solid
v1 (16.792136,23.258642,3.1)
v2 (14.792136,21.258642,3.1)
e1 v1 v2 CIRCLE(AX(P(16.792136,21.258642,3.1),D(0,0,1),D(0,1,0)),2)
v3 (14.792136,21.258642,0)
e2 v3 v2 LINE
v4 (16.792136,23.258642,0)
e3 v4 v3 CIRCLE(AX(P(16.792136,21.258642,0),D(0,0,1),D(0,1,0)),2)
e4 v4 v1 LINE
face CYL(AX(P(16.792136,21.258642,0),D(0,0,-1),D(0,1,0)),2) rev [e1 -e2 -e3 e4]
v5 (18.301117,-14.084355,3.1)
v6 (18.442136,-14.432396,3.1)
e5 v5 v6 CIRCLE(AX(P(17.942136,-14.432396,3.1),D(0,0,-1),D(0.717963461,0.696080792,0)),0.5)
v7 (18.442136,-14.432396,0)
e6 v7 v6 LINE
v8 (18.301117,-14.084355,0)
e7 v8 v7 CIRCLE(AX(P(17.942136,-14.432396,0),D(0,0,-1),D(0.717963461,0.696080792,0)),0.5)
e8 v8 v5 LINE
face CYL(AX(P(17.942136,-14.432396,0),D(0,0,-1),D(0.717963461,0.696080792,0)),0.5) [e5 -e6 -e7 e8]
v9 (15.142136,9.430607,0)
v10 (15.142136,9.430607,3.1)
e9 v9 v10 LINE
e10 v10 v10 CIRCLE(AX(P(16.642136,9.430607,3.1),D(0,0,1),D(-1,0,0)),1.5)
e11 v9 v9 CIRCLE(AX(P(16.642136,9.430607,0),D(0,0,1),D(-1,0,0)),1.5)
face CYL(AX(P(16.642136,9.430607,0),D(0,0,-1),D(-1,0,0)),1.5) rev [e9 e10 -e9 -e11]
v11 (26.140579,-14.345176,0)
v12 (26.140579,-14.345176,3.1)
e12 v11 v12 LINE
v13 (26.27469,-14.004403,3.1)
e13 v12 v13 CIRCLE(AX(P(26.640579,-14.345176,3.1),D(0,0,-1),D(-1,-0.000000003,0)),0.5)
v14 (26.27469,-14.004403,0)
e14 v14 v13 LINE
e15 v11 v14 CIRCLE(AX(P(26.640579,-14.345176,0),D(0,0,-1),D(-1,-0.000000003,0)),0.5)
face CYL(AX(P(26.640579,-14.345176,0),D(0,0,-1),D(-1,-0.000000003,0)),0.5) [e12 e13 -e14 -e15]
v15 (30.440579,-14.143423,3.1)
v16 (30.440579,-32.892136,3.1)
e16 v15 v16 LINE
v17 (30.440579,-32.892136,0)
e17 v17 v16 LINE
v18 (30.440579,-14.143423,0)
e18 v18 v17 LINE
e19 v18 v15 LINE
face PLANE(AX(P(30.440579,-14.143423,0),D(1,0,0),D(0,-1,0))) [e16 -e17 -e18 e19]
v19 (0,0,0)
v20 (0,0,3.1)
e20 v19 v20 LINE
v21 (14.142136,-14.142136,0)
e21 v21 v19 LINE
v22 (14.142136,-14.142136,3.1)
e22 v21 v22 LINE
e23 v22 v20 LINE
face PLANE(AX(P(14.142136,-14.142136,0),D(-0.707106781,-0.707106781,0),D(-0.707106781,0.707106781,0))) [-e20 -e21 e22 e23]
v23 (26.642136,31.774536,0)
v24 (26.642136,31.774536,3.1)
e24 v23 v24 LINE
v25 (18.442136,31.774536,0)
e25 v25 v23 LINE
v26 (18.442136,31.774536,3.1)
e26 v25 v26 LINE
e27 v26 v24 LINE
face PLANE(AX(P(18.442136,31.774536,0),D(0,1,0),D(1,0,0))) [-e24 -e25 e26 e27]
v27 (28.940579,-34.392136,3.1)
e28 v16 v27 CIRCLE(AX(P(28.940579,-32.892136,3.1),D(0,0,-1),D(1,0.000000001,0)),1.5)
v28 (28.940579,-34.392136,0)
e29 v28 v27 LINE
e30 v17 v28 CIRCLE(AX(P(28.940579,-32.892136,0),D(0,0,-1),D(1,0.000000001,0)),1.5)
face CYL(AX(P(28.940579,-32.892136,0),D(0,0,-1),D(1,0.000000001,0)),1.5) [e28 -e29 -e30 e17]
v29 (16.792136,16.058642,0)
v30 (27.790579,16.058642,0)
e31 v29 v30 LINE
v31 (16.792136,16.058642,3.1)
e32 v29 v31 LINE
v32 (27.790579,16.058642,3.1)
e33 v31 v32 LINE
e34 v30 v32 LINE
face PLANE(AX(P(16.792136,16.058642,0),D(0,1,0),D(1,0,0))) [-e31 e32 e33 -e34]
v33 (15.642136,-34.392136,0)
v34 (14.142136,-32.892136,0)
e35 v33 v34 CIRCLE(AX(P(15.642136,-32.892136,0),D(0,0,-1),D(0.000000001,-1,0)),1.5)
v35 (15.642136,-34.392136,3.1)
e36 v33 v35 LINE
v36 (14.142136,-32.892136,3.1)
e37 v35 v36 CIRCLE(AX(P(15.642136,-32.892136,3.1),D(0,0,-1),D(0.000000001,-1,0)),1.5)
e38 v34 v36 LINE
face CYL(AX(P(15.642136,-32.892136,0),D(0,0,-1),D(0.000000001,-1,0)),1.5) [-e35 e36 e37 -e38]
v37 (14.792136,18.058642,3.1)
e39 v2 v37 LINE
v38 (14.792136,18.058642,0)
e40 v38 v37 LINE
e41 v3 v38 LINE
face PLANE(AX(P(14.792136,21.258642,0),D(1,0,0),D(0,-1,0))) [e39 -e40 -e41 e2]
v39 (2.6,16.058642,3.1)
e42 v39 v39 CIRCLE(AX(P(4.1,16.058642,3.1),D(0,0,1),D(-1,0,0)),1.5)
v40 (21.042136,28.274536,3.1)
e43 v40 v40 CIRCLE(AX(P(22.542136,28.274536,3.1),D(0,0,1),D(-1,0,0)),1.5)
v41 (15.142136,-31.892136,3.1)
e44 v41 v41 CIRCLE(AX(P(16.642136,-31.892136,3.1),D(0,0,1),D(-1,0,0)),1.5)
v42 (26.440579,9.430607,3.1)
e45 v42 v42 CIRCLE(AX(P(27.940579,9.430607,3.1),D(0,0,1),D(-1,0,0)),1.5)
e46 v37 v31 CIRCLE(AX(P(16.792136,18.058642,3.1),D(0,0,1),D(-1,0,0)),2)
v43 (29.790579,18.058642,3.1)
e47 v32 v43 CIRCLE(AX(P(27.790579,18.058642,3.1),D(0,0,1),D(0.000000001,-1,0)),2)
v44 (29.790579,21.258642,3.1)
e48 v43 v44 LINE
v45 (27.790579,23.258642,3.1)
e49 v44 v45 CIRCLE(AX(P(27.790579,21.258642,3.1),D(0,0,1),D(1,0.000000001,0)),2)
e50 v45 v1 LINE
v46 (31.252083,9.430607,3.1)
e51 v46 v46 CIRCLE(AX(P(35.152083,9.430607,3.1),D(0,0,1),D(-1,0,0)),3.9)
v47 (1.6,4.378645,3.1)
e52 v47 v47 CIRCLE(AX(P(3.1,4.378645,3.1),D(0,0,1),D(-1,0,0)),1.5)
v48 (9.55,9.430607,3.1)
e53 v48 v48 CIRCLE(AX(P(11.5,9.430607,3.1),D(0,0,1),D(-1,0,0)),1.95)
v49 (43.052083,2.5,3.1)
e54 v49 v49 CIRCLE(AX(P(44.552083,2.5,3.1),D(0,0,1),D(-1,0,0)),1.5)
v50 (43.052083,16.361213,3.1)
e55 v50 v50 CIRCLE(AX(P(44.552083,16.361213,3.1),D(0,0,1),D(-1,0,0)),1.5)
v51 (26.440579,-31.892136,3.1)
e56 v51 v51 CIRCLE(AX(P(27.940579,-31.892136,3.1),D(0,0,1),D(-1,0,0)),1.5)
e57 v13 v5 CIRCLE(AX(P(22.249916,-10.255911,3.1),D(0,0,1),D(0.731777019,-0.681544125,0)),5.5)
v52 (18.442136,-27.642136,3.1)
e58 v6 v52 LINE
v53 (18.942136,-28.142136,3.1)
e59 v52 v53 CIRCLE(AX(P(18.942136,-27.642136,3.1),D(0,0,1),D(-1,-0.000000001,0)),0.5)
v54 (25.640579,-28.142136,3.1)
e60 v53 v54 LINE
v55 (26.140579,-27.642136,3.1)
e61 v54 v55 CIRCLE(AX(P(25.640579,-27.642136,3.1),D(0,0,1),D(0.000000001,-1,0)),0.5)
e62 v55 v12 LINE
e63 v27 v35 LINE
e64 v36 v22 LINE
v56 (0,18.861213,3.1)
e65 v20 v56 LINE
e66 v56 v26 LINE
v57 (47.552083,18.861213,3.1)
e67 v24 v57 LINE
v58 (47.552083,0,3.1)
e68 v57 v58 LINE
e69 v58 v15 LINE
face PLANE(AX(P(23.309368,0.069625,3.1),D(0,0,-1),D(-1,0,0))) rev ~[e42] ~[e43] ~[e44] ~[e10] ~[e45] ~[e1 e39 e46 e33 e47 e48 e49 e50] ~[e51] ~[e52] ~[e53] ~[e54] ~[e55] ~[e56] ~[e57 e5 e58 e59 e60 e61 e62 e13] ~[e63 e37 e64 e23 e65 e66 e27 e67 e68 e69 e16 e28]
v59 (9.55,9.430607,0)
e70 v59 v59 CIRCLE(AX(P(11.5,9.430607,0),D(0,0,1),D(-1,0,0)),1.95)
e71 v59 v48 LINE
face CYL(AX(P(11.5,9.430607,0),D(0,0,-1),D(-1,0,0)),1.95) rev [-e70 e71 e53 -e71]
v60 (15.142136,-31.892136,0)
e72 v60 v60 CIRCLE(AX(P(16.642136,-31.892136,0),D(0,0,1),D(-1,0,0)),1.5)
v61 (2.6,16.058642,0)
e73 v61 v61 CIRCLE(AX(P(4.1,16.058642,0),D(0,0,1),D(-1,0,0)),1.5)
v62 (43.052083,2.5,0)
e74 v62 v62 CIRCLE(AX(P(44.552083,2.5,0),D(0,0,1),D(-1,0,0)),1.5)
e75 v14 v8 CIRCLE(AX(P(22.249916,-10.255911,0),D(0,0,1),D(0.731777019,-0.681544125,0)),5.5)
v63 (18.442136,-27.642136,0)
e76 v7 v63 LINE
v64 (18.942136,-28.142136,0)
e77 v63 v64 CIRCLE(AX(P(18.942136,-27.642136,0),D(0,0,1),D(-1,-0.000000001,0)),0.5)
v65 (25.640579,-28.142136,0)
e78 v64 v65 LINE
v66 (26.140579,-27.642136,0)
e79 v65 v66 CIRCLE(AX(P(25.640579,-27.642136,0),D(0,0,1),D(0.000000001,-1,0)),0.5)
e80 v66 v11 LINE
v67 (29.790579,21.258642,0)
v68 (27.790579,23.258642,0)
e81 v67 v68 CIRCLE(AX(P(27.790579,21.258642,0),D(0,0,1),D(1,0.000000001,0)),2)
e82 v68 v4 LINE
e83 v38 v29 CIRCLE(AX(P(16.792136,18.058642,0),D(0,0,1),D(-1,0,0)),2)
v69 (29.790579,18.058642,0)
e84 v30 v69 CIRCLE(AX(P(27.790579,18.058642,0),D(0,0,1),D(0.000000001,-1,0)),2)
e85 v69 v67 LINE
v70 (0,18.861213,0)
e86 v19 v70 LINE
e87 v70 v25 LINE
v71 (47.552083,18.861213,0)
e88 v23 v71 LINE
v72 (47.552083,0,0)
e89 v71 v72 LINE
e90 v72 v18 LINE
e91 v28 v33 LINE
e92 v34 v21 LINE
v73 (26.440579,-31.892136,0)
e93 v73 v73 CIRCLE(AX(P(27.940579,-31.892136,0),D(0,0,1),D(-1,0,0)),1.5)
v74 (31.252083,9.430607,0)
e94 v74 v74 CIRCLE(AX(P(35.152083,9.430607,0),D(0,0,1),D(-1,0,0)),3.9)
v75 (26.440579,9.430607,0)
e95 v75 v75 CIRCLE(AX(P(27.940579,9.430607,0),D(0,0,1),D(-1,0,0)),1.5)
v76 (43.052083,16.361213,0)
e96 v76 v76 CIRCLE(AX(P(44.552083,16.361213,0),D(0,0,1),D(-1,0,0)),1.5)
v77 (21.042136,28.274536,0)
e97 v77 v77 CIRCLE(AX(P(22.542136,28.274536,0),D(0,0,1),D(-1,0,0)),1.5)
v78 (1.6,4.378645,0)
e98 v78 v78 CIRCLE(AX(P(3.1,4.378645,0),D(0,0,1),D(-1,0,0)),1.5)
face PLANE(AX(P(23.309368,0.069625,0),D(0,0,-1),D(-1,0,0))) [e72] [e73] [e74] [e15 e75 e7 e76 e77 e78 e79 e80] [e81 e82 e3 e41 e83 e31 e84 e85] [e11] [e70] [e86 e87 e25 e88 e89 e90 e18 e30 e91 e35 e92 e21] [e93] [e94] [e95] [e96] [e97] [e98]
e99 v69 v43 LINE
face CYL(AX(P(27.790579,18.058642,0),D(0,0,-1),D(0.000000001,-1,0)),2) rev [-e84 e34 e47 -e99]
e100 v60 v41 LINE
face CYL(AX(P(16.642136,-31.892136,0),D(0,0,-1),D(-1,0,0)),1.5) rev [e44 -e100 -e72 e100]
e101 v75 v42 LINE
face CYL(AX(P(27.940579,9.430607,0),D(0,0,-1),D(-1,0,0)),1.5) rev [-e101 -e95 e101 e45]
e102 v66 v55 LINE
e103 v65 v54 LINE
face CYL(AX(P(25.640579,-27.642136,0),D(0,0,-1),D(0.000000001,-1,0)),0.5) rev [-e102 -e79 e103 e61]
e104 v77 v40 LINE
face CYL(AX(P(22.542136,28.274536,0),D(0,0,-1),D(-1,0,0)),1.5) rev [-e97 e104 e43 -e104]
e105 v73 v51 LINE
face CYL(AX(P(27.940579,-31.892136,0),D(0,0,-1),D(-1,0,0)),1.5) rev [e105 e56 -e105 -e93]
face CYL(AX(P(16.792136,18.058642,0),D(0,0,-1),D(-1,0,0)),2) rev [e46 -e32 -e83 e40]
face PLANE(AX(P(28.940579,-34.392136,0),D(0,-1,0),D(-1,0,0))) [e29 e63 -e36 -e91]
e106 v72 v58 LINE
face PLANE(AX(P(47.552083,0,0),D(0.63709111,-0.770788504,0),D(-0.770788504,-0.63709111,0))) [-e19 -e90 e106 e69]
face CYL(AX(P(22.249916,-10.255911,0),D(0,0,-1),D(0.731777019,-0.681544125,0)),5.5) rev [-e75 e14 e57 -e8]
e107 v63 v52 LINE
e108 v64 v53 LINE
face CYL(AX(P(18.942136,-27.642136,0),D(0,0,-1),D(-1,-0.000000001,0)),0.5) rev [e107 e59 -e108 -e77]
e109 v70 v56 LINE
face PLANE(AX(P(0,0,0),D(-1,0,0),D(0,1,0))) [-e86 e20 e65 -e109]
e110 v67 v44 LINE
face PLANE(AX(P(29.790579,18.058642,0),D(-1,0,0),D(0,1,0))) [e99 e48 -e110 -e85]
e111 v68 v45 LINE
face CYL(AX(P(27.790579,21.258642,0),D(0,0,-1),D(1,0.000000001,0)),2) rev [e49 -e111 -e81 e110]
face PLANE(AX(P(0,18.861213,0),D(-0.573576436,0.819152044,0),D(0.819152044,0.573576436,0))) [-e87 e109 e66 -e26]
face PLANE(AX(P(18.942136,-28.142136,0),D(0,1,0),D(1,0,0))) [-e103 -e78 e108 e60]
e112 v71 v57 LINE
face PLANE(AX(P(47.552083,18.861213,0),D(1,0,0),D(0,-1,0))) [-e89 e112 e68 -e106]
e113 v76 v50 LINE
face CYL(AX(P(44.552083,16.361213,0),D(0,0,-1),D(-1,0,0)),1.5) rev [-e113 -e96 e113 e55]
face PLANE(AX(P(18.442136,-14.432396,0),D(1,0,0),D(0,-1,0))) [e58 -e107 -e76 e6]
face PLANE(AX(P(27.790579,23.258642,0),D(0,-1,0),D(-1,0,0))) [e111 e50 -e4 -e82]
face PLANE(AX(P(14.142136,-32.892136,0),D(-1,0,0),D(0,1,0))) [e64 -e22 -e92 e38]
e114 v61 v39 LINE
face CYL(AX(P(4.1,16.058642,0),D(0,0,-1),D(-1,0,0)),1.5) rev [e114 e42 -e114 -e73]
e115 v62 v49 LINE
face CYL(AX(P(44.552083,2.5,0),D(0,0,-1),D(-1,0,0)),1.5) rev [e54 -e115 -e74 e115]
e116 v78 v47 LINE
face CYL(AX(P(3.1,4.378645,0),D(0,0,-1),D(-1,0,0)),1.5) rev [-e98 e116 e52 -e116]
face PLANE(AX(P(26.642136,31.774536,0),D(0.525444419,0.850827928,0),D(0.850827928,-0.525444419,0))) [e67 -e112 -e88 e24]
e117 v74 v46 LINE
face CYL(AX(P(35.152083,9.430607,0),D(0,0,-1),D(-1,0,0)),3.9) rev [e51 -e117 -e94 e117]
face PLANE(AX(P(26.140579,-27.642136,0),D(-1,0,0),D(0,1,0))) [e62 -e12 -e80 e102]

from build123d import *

# Parameters (mm, degrees)
SKETCH1_R           = 1.5
SKETCH1_R_2         = 1.95
SKETCH1_R_3         = 3.9
BOSS_EXTRUDE1_DEPTH = 3.1


with BuildPart() as part:
    # Sketch1 → Boss-Extrude1 (new body)
    with BuildSketch(Plane.XY):
        with BuildLine():
            Line((0, 0), (0, 18.861213353))
            Line((0, 18.861213353), (18.442135624, 31.774535738))
            Line((18.442135624, 31.774535738), (26.642135624, 31.774535738))
            Line((26.642135624, 31.774535738), (47.552083318, 18.861213353))
            Line((47.552083318, 18.861213353), (47.552083318, 0))
            Line((47.552083318, 0), (30.440578527, -14.143422634))
            Line((30.440578527, -14.143422634), (30.440578527, -32.892135624))
            ThreePointArc((30.440578527, -32.892135624), (30.001238699, -33.952795796), (28.940578527, -34.392135624))
            Line((28.940578527, -34.392135624), (15.642135624, -34.392135624))
            ThreePointArc((15.642135624, -34.392135624), (14.581475452, -33.952795796), (14.142135624, -32.892135624))
            Line((14.142135624, -32.892135624), (14.142135624, -14.142135624))
            Line((14.142135624, -14.142135624), (0, 0))
        make_face()
        with Locations(Location((4.1, 16.058642392, 0), (0, 0, 180))):
            Circle(SKETCH1_R, mode=Mode.SUBTRACT)
        with Locations(Location((3.1, 4.378644873, 0), (0, 0, 180))):
            Circle(SKETCH1_R, mode=Mode.SUBTRACT)
        with Locations(Location((11.5, 9.430606677, 0), (0, 0, 180))):
            Circle(SKETCH1_R_2, mode=Mode.SUBTRACT)
        with Locations(Location((35.152083318, 9.430606677, 0), (0, 0, 180))):
            Circle(SKETCH1_R_3, mode=Mode.SUBTRACT)
        with Locations(Location((16.642135624, -31.892135624, 0), (0, 0, 180))):
            Circle(SKETCH1_R, mode=Mode.SUBTRACT)
        with Locations(Location((27.940578527, -31.892135624, 0), (0, 0, 180))):
            Circle(SKETCH1_R, mode=Mode.SUBTRACT)
        with Locations(Location((16.642135624, 9.430606677, 0), (0, 0, 180))):
            Circle(SKETCH1_R, mode=Mode.SUBTRACT)
        with Locations(Location((27.940578527, 9.430606677, 0), (0, 0, 180))):
            Circle(SKETCH1_R, mode=Mode.SUBTRACT)
        with Locations(Location((22.542135624, 28.274535738, 0), (0, 0, 180))):
            Circle(SKETCH1_R, mode=Mode.SUBTRACT)
        with Locations(Location((44.552083318, 2.5, 0), (0, 0, 180))):
            Circle(SKETCH1_R, mode=Mode.SUBTRACT)
        with Locations(Location((44.552083318, 16.361213353, 0), (0, 0, 180))):
            Circle(SKETCH1_R, mode=Mode.SUBTRACT)
        with BuildLine():
            Line((18.442135624, -14.432395526), (18.442135624, -27.642135624))
            ThreePointArc((18.442135624, -27.642135624), (18.588582233, -27.995689014), (18.942135624, -28.142135624))
            Line((18.942135624, -28.142135624), (25.640578527, -28.142135624))
            ThreePointArc((25.640578527, -28.142135624), (25.994131918, -27.995689014), (26.140578527, -27.642135624))
            Line((26.140578527, -27.642135624), (26.140578527, -14.345175543))
            ThreePointArc((26.140578527, -14.345175543), (26.175312874, -14.162069365), (26.274690017, -14.004403481))
            ThreePointArc((26.274690017, -14.004403481), (22.194770242, -4.756187266), (18.301117356, -14.084355132))
            ThreePointArc((18.301117356, -14.084355132), (18.405541961, -14.24463353), (18.442135624, -14.432395526))
        make_face(mode=Mode.SUBTRACT)
        with BuildLine():
            Line((16.792135624, 16.058642392), (27.790578527, 16.058642392))
            ThreePointArc((27.790578527, 16.058642392), (29.204792089, 16.64442883), (29.790578527, 18.058642392))
            Line((29.790578527, 18.058642392), (29.790578527, 21.258642392))
            ThreePointArc((29.790578527, 21.258642392), (29.204792089, 22.672855954), (27.790578527, 23.258642392))
            Line((27.790578527, 23.258642392), (16.792135624, 23.258642392))
            ThreePointArc((16.792135624, 23.258642392), (15.377922061, 22.672855954), (14.792135624, 21.258642392))
            Line((14.792135624, 21.258642392), (14.792135624, 18.058642392))
            ThreePointArc((14.792135624, 18.058642392), (15.377922061, 16.64442883), (16.792135624, 16.058642392))
        make_face(mode=Mode.SUBTRACT)
    extrude(amount=BOSS_EXTRUDE1_DEPTH)


solid = part.part
